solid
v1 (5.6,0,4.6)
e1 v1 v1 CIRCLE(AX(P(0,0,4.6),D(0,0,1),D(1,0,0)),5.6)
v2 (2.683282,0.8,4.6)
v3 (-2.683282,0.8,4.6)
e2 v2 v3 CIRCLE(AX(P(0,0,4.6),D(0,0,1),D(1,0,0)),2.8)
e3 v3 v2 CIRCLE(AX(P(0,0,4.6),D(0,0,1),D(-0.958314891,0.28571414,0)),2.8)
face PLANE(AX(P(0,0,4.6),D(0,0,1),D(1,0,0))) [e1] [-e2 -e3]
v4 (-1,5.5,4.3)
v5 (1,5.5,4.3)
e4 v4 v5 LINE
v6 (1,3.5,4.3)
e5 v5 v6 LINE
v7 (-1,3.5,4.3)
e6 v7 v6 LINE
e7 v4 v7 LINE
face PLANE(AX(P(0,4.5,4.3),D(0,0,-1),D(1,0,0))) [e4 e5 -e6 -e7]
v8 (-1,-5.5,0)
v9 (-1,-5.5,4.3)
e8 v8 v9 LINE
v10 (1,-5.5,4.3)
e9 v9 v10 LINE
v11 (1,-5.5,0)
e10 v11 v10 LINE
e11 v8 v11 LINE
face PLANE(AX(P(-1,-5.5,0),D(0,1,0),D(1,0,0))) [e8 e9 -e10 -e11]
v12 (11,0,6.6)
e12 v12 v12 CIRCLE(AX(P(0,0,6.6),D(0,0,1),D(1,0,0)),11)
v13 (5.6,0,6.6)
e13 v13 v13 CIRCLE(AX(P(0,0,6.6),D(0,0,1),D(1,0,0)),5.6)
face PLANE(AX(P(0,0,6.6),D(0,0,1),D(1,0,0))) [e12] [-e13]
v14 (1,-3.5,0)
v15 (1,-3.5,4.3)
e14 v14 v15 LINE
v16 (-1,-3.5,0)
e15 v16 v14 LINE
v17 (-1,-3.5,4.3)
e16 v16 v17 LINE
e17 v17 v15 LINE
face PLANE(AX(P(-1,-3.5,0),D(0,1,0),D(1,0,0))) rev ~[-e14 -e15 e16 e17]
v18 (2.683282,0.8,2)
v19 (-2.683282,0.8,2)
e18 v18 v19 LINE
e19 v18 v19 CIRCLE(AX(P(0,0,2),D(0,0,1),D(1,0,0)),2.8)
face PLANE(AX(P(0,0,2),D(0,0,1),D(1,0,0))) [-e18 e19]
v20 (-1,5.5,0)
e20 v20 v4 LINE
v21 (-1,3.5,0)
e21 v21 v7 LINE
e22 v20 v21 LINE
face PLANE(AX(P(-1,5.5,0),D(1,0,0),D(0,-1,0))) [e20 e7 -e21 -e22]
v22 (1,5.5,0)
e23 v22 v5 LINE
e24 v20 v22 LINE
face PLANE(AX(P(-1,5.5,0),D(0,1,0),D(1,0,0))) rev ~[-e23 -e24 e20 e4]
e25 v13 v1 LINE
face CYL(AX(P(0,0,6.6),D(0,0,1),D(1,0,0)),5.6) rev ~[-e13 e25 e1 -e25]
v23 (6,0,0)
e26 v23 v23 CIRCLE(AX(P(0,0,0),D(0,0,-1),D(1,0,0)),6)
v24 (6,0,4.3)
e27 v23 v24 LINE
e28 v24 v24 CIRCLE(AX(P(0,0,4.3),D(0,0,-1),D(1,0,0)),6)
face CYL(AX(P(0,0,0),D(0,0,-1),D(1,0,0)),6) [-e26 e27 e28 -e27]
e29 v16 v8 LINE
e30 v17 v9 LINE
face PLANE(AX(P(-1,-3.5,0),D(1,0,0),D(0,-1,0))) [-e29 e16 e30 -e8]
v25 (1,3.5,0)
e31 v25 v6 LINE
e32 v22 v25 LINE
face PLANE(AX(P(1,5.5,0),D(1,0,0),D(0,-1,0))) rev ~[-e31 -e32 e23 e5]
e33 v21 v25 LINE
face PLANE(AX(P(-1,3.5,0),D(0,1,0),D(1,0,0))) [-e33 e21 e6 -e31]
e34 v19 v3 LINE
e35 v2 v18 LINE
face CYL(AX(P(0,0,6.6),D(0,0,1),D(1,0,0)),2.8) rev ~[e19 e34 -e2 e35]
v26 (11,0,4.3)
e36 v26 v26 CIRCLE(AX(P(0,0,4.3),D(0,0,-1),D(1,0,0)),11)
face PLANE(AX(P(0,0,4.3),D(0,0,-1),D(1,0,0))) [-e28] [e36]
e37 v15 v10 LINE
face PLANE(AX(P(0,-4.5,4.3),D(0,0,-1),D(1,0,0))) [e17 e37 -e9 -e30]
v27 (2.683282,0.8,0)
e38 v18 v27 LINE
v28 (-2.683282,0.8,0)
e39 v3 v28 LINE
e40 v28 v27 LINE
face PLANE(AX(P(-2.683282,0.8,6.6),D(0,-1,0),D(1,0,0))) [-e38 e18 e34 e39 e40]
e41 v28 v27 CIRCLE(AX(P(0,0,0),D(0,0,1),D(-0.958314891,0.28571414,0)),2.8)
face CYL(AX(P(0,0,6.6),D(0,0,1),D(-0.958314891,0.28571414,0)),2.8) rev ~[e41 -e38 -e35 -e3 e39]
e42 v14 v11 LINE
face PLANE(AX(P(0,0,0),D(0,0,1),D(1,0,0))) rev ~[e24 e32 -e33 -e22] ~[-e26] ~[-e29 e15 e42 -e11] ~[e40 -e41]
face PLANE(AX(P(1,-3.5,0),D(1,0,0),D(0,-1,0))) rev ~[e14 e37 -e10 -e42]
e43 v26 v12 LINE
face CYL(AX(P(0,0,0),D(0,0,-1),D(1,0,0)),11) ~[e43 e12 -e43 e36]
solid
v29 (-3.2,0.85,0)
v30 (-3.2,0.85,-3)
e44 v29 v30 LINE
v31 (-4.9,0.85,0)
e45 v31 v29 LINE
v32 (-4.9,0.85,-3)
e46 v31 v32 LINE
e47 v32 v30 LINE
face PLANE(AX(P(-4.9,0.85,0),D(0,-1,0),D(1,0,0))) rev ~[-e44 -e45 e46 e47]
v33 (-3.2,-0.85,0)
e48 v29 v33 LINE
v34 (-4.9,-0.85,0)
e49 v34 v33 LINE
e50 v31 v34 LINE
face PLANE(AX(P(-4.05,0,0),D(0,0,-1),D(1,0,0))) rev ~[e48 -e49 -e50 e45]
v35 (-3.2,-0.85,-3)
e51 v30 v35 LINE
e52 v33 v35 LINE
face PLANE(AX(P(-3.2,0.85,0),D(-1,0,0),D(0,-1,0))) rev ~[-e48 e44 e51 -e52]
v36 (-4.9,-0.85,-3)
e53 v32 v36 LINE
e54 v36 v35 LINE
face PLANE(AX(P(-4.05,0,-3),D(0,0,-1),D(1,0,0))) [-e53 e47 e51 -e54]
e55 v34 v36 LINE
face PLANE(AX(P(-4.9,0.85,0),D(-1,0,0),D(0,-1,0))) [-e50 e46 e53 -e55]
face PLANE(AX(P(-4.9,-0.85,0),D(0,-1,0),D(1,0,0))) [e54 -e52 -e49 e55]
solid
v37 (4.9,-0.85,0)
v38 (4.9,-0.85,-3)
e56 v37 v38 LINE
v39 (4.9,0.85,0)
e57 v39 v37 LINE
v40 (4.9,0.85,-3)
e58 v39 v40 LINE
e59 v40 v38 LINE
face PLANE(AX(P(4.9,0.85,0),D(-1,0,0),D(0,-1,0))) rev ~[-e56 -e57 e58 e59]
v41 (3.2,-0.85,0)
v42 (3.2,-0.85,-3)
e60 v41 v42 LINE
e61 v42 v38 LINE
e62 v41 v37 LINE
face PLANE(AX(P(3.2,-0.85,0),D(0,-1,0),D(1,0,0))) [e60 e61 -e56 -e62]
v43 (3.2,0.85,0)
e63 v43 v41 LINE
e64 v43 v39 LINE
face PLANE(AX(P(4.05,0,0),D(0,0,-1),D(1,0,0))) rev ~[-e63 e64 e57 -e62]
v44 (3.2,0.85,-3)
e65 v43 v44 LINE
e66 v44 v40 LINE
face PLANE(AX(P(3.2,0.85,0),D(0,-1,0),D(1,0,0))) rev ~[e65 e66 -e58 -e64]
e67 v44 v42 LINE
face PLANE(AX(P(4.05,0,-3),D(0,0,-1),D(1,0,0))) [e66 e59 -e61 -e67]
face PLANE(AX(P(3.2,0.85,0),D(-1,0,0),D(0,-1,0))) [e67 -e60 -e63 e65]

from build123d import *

# Parameters (mm, degrees)
SKETCH004_W     = 1.7
SKETCH004_H     = 1.7
PAD001_DEPTH    = 3
SKETCH_R        = 11
PAD_DEPTH       = 6.6
SKETCH001_R     = 11
SKETCH001_R_2   = 6
POCKET_DEPTH    = 4.3
POCKET001_DEPTH = 6.601
SKETCH003_W     = 2
SKETCH003_H     = 2
POCKET002_DEPTH = 4.3
SKETCH005_R     = 2.8
POCKET003_DEPTH = 4.6
SKETCH006_R     = 5.6
POCKET004_DEPTH = 2


with BuildPart() as pad001:
    # Sketch004 → Pad001 (new body)
    with BuildSketch(Plane(origin=(0, 0, 0), x_dir=(1, 0, 0), z_dir=(0, 0, -1))):
        with Locations((-4.05, 0)):
            Rectangle(SKETCH004_W, SKETCH004_H)
        with Locations((4.05, 0)):
            Rectangle(SKETCH004_W, SKETCH004_H)
    extrude(amount=PAD001_DEPTH)


with BuildPart() as pocket004:
    # Sketch → Pad (new body)
    with BuildSketch(Plane.XY):
        Circle(SKETCH_R)
    extrude(amount=PAD_DEPTH)

    # Sketch001 → Pocket (cut)
    with BuildSketch(Plane(origin=(0, 0, 0), x_dir=(1, 0, 0), z_dir=(0, 0, -1))):
        Circle(SKETCH001_R)
        Circle(SKETCH001_R_2, mode=Mode.SUBTRACT)
    extrude(amount=-POCKET_DEPTH, mode=Mode.SUBTRACT)

    # Sketch002 → Pocket001 (cut, through all)
    with BuildSketch(Plane.XY.offset(6.6)):
        with BuildLine():
            Line((-2.683282, 0.8), (2.683282, 0.8))
            ThreePointArc((-2.683282, 0.8), (0, -2.8), (2.683282, 0.8))
        make_face()
    extrude(amount=-POCKET001_DEPTH, mode=Mode.SUBTRACT)

    # Sketch003 → Pocket002 (cut)
    with BuildSketch(Plane(origin=(0, 0, 0), x_dir=(1, 0, 0), z_dir=(0, 0, -1))):
        with Locations((0, 4.5)):
            Rectangle(SKETCH003_W, SKETCH003_H)
        with Locations((0, -4.5)):
            Rectangle(SKETCH003_W, SKETCH003_H)
    extrude(amount=-POCKET002_DEPTH, mode=Mode.SUBTRACT)

    # Sketch005 → Pocket003 (cut)
    with BuildSketch(Plane.XY.offset(6.6)):
        Circle(SKETCH005_R)
    extrude(amount=-POCKET003_DEPTH, mode=Mode.SUBTRACT)

    # Sketch006 → Pocket004 (cut)
    with BuildSketch(Plane.XY.offset(6.6)):
        Circle(SKETCH006_R)
    extrude(amount=-POCKET004_DEPTH, mode=Mode.SUBTRACT)


solid = Compound([pad001.part, pocket004.part])
